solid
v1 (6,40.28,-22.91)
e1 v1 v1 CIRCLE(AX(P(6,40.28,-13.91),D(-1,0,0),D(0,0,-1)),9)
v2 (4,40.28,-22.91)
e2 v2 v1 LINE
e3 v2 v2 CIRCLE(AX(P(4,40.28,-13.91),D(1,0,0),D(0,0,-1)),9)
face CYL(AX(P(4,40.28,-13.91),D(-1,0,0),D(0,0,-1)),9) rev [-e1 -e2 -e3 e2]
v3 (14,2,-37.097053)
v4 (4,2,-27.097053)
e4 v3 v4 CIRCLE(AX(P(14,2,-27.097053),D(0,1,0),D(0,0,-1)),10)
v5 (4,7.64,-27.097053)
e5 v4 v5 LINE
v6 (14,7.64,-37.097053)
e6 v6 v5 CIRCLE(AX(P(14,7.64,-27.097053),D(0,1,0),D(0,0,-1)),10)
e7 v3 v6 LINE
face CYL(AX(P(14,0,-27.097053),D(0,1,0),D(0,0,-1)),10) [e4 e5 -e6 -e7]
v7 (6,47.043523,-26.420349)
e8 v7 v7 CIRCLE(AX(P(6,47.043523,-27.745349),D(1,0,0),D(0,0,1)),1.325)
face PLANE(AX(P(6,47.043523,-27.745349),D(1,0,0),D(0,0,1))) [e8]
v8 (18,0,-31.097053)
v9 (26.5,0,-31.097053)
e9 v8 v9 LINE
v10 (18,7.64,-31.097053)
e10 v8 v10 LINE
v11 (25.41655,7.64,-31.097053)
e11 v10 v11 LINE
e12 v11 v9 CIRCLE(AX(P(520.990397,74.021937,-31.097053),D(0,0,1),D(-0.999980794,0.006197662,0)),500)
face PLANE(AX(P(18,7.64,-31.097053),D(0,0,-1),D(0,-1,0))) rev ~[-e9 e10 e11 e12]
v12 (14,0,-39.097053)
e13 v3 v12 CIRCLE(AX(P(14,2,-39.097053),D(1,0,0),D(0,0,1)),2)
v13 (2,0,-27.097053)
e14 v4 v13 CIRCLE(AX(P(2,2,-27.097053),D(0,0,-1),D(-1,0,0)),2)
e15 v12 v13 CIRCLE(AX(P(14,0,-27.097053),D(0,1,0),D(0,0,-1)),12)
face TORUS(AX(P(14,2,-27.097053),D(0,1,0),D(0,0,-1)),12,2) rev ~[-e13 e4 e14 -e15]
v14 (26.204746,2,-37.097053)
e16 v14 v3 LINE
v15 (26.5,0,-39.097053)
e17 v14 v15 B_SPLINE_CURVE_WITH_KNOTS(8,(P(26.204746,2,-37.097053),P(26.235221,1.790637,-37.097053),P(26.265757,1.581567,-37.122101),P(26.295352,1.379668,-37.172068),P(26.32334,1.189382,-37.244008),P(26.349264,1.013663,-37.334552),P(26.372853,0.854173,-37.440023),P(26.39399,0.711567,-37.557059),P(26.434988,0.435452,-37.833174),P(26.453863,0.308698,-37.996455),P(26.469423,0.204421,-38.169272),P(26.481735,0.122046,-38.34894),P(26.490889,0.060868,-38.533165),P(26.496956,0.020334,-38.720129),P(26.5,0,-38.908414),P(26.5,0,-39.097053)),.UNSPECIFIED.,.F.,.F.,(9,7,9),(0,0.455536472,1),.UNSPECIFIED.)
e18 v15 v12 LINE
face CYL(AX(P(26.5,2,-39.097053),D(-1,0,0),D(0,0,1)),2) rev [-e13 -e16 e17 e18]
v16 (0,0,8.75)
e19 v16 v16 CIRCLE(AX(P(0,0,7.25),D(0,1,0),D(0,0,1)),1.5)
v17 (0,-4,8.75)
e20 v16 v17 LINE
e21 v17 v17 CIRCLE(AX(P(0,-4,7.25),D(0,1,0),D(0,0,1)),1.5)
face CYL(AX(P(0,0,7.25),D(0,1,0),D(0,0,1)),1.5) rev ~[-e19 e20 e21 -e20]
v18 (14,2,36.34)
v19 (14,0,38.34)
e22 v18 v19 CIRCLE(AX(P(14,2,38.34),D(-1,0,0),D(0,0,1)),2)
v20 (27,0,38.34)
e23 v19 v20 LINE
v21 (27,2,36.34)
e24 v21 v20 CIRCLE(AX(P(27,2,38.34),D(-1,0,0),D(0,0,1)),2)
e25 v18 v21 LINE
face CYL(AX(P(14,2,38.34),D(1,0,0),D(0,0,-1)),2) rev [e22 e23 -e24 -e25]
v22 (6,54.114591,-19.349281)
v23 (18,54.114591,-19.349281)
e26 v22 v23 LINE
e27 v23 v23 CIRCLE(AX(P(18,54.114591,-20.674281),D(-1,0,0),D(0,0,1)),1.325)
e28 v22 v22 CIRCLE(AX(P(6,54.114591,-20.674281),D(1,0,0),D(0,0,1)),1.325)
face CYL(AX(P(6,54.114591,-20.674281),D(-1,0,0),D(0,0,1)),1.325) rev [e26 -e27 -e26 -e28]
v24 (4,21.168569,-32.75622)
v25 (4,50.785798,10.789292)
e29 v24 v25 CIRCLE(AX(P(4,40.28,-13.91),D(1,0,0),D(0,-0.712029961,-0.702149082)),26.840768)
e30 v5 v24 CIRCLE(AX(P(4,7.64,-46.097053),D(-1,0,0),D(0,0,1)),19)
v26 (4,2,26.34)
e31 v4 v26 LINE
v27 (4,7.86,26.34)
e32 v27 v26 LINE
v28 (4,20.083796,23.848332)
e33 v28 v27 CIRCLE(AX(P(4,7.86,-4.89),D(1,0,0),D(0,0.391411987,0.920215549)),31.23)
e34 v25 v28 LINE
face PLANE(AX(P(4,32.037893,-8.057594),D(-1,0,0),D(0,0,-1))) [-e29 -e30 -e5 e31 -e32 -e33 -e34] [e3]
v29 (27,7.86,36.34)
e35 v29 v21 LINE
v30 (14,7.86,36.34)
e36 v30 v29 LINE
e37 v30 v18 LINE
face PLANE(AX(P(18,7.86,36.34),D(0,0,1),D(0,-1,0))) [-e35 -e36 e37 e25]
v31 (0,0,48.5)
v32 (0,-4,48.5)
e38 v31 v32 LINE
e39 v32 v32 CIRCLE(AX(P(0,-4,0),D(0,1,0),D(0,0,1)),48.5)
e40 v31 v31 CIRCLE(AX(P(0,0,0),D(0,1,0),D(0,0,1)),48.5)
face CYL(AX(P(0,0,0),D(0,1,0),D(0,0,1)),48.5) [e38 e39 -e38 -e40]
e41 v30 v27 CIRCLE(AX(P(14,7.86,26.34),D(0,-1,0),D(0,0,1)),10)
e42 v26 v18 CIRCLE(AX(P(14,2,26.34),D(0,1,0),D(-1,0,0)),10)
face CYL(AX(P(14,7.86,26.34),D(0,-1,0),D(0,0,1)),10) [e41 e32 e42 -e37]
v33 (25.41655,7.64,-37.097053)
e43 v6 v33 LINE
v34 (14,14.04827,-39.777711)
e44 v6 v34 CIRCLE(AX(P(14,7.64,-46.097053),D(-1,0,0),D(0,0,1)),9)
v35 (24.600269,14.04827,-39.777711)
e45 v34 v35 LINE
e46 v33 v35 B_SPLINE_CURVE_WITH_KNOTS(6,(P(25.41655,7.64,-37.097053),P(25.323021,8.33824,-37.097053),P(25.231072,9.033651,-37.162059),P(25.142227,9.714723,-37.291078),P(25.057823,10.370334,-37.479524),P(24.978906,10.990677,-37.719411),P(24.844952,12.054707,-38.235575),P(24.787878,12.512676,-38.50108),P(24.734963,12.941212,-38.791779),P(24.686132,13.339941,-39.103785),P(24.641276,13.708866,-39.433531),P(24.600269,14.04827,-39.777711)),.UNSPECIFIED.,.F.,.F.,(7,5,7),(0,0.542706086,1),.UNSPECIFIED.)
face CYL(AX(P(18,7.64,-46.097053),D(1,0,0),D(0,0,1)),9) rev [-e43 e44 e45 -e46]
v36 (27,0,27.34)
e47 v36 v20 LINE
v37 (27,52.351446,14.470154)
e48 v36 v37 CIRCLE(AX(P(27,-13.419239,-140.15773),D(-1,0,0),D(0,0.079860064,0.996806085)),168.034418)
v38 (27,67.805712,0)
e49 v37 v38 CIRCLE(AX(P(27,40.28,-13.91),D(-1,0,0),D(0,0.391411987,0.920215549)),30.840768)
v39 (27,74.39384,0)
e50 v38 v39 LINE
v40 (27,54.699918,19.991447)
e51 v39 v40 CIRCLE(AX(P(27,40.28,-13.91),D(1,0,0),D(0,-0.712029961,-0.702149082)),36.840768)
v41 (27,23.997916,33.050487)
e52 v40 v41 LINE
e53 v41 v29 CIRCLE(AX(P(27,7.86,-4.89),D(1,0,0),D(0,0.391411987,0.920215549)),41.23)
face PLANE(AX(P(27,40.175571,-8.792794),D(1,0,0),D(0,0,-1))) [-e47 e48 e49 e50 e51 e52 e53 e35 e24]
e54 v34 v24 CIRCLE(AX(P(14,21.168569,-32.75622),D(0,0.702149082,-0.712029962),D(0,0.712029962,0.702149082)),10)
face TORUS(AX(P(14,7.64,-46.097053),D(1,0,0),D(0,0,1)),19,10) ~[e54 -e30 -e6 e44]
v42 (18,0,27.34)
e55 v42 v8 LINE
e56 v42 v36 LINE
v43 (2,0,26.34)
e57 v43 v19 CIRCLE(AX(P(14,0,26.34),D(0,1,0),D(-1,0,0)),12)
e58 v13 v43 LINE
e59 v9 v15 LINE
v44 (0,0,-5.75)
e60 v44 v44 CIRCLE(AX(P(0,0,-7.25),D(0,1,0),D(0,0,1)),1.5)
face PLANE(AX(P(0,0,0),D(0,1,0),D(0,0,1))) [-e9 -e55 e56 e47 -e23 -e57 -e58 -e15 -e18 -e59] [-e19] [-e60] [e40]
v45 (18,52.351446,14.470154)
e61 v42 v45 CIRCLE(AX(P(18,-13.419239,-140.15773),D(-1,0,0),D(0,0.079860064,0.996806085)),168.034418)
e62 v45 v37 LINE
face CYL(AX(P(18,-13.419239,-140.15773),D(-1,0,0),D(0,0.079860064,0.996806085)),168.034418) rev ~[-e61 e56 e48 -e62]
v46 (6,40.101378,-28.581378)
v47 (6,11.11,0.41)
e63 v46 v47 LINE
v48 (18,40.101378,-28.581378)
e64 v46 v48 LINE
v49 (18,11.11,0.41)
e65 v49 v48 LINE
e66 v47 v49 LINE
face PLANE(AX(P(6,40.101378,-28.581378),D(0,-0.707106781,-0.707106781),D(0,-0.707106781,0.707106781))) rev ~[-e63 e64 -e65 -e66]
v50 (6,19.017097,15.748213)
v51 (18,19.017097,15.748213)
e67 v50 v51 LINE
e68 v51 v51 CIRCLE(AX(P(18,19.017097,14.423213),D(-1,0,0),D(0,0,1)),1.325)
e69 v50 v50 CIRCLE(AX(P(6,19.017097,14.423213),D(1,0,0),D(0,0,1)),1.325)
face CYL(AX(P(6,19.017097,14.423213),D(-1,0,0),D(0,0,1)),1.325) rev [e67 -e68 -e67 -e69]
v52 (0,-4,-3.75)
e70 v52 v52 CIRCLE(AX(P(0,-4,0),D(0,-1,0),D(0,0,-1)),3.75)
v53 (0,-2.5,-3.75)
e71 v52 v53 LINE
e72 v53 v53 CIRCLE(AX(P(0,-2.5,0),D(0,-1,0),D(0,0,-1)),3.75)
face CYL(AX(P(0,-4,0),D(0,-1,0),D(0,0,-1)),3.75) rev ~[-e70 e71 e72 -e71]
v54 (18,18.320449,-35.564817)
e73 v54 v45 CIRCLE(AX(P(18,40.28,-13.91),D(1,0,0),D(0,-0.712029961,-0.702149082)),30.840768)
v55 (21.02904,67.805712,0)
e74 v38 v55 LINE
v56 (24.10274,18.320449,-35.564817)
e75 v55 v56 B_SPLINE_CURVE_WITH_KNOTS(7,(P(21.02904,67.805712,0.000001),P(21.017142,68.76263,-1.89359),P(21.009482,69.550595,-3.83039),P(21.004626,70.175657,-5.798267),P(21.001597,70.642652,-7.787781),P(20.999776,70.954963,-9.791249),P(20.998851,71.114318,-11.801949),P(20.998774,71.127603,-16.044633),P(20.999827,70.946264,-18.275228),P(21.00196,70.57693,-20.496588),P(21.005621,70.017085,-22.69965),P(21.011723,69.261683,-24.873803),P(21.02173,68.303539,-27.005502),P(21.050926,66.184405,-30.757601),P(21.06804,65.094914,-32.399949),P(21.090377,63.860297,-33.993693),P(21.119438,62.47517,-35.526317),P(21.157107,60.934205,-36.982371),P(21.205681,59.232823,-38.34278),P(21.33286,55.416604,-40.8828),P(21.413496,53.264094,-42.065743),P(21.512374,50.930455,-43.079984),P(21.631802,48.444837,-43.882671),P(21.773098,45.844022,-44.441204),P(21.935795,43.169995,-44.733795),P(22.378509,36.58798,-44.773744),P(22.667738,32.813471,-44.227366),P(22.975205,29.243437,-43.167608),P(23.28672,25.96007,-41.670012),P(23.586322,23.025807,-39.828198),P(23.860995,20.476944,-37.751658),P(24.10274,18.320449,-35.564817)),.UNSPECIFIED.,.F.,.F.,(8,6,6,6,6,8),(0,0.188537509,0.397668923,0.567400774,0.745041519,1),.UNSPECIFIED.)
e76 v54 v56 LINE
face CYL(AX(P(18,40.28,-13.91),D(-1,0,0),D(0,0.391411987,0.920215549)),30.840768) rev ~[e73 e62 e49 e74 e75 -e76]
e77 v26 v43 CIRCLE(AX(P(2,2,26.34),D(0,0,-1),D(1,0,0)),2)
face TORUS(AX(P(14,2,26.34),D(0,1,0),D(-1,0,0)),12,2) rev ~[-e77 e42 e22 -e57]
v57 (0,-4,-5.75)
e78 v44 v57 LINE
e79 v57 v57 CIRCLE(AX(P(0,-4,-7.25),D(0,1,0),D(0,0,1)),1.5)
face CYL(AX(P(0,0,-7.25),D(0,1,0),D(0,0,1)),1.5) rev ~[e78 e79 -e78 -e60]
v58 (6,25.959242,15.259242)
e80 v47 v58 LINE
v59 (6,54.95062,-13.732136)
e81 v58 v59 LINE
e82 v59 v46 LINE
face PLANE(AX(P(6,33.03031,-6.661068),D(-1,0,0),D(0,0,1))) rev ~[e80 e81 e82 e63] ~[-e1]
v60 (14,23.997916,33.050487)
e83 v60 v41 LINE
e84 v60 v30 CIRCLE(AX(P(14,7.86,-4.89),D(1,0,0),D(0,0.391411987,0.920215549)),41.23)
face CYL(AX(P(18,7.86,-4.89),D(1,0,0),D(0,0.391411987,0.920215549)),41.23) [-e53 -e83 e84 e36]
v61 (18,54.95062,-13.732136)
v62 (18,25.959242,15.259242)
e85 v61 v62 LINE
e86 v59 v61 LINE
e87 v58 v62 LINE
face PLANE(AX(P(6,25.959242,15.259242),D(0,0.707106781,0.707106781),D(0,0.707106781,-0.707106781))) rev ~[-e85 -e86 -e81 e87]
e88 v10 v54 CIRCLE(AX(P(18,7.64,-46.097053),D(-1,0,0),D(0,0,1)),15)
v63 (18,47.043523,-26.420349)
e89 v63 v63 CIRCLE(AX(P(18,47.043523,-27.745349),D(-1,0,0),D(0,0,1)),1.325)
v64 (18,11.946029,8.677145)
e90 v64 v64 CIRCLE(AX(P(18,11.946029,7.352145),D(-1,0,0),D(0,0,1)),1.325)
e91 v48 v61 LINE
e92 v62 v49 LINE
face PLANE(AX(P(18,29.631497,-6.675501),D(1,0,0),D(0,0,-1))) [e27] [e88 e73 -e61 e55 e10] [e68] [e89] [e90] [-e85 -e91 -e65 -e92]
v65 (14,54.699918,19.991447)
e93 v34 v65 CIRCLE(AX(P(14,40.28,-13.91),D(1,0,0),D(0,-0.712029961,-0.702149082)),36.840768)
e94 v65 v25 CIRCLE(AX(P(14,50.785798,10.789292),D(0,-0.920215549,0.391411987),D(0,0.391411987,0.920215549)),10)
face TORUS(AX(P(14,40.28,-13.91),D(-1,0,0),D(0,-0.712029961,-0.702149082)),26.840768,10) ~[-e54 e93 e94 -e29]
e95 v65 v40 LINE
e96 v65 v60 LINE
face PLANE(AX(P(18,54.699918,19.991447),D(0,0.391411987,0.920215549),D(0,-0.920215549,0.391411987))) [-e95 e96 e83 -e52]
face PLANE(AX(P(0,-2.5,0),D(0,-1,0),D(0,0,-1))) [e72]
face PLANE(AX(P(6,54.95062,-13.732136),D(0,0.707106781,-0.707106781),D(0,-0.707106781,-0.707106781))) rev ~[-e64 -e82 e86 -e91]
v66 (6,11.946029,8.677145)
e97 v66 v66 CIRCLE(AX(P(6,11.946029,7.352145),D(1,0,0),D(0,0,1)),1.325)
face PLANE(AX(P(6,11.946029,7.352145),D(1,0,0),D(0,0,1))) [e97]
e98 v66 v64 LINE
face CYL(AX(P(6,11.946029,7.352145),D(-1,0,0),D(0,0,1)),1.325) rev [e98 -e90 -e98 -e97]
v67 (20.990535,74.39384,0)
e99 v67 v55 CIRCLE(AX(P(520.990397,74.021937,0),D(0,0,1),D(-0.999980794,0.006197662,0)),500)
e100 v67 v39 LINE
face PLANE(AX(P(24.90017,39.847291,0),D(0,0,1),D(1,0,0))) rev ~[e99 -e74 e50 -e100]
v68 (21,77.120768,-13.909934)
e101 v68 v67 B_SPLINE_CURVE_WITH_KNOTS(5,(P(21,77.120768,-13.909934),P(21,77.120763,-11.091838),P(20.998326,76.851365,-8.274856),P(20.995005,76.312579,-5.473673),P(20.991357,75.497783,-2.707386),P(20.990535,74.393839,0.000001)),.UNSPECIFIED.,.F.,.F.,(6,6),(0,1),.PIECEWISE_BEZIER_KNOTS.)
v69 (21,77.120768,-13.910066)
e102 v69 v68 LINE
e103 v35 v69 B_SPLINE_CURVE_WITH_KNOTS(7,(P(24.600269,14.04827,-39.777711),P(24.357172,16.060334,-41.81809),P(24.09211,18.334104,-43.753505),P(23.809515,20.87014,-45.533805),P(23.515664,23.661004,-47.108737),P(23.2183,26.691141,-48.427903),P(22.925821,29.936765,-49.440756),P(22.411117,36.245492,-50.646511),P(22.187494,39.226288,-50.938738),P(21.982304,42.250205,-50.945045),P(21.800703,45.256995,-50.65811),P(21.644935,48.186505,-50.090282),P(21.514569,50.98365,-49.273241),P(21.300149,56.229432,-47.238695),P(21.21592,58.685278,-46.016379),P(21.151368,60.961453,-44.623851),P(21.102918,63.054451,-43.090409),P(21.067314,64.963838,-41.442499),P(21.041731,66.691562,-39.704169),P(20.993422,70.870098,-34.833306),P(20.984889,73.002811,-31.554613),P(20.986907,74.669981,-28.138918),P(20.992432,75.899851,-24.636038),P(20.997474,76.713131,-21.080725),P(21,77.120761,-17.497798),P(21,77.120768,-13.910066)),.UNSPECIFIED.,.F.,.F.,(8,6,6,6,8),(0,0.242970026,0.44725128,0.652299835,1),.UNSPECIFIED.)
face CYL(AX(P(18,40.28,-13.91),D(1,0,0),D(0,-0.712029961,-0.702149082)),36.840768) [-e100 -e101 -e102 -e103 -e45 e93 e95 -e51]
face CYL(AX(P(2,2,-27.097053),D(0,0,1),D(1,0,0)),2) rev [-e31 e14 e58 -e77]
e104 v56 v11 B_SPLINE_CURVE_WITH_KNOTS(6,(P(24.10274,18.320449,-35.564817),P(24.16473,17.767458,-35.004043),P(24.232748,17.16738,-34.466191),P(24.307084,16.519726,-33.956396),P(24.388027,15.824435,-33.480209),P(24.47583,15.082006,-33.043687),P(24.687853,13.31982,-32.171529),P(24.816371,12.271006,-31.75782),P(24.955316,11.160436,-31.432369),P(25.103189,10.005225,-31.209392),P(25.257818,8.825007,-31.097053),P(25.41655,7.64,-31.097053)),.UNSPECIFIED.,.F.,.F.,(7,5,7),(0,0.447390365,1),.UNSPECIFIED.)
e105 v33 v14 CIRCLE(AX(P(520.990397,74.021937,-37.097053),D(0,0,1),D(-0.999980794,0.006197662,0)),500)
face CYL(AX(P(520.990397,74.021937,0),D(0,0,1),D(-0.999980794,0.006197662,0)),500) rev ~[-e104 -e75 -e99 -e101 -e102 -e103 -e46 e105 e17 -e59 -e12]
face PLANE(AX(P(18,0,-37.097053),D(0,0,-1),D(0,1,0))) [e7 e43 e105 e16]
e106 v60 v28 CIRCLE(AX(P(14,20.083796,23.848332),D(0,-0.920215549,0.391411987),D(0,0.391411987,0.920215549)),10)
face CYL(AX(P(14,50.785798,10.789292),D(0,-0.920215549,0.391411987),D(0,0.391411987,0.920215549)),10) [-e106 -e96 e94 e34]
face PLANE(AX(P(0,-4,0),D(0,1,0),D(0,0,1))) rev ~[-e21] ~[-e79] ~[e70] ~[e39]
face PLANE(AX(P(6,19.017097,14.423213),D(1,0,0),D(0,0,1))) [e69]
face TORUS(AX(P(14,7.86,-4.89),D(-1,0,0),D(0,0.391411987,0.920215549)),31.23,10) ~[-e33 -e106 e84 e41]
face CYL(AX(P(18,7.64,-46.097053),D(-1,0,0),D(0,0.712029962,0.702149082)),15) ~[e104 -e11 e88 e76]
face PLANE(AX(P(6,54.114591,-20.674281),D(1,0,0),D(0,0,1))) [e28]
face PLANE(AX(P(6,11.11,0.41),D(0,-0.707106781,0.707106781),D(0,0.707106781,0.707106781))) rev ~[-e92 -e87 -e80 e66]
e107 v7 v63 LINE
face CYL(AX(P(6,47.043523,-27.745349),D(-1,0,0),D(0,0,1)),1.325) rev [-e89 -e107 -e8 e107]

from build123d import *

# Parameters (mm, degrees)
SKETCH2_R                       = 48.5
SKETCH2_R_2                     = 1.5
BOSS_EXTRUDE1_DEPTH             = 4
SKETCH3_R                       = 3.75
CUT_EXTRUDE1_DEPTH              = 1.5
BOSS_EXTRUDE2_START             = 4
SKETCH4_R                       = 9
BOSS_EXTRUDE2_DEPTH             = 14
CUT_EXTRUDE2_START              = 6
SKETCH6_R                       = 1.325
CUT_EXTRUDE2_DEPTH              = 93.806192047
BOSS_EXTRUDE3_DEPTH             = 9
BOSS_EXTRUDE3_DIRECTION_2_REACH = 110.778
CUT_EXTRUDE3_DEPTH              = 105.285680763
FILLET1_R                       = 10
FILLET2_R                       = 2


with BuildPart() as part:
    # Sketch2 → Boss-Extrude1 (new body)
    with BuildSketch(Plane(origin=(0, 0, 0), x_dir=(1, 0, 0), z_dir=(0, 1, 0))):
        with Locations(Location((0, 0, 0), (0, 0, 270))):
            Circle(SKETCH2_R)
        with Locations(Location((0, 7.25, 0), (0, 0, 270))):
            Circle(SKETCH2_R_2, mode=Mode.SUBTRACT)
        with Locations(Location((0, -7.25, 0), (0, 0, 270))):
            Circle(SKETCH2_R_2, mode=Mode.SUBTRACT)
    extrude(amount=-BOSS_EXTRUDE1_DEPTH)

    # Sketch3 → Cut-Extrude1 (cut)
    with BuildSketch(Plane(origin=(0, -4, 0), x_dir=(-1, 0, 0), z_dir=(0, -1, 0))):
        with Locations(Location((0, 0, 0), (0, 0, 90))):
            Circle(SKETCH3_R)
    extrude(amount=-CUT_EXTRUDE1_DEPTH, mode=Mode.SUBTRACT)

    # Sketch4 → Boss-Extrude2 (add)
    with BuildSketch(Plane(origin=(0, 0, 0), x_dir=(0, 0, -1), z_dir=(1, 0, 0)).offset(BOSS_EXTRUDE2_START)):
        with BuildLine():
            Line((-14.470153899, 52.351446146), (-27.529193782, 21.649444314))
            ThreePointArc((-27.529193782, 21.649444314), (-29.630146994, 14.89650137), (-30.34, 7.86))
            Line((-30.34, 7.86), (-30.34, 0))
            Line((-30.34, 0), (31.097052925, 0))
            Line((31.097052925, 0), (31.097052925, 7.64))
            ThreePointArc((31.097052925, 7.64), (32.258997722, 13.428629218), (35.564816687, 18.320449421))
            ThreePointArc((35.564816687, 18.320449421), (31.254587763, 65.781337665), (-14.470153899, 52.351446146))
        make_face()
        with Locations((13.91, 40.28)):
            Circle(SKETCH4_R, mode=Mode.SUBTRACT)
    extrude(amount=BOSS_EXTRUDE2_DEPTH)

    # Sketch6 → Cut-Extrude2 (cut, through all)
    with BuildSketch(Plane(origin=(0, 0, 0), x_dir=(0, 0, -1), z_dir=(1, 0, 0)).offset(CUT_EXTRUDE2_START)):
        with Locations(Location((20.674280786, 54.114591003, 0), (0, 0, 180))):
            Circle(SKETCH6_R)
        with Locations(Location((27.745348598, 47.043523191, 0), (0, 0, 180))):
            Circle(SKETCH6_R)
        with Locations(Location((-7.352145163, 11.94602943, 0), (0, 0, 180))):
            Circle(SKETCH6_R)
        with Locations(Location((-14.423212974, 19.017097242, 0), (0, 0, 180))):
            Circle(SKETCH6_R)
        Polygon((-0.41, 11.11), (-15.259242405, 25.959242405), (13.732135624, 54.950620434), (28.581378029, 40.101378029), align=None)
    extrude(amount=CUT_EXTRUDE2_DEPTH, mode=Mode.SUBTRACT)

    # Sketch8 → Boss-Extrude3 (add)
    with BuildSketch(Plane(origin=(18, 0, 0), x_dir=(0, 0, -1), z_dir=(1, 0, 0))):
        with BuildLine():
            Line((37.097052925, 0), (37.097052925, 7.64))
            ThreePointArc((37.097052925, 7.64), (37.794219803, 11.113177531), (39.777711182, 14.048269653))
            ThreePointArc((39.777711182, 14.048269653), (34.628937191, 70.742563919), (-19.991447191, 54.69991807))
            Line((-19.991447191, 54.69991807), (-33.050487075, 23.997916239))
            ThreePointArc((-33.050487075, 23.997916239), (-35.509252358, 16.094883664), (-36.34, 7.86))
            Line((-36.34, 7.86), (-36.34, 0))
            Line((-36.34, 0), (-27.34, 0))
            ThreePointArc((-27.34, 0), (-23.018237165, 26.695212958), (-14.470153899, 52.351446146))
            ThreePointArc((-14.470153899, 52.351446146), (31.254587763, 65.781337665), (35.564816687, 18.320449421))
            ThreePointArc((35.564816687, 18.320449421), (32.258997722, 13.428629218), (31.097052925, 7.64))
            Line((31.097052925, 7.64), (31.097052925, 0))
            Line((31.097052925, 0), (37.097052925, 0))
        make_face()
    extrude(amount=BOSS_EXTRUDE3_DEPTH)

    # Boss-Extrude3 direction 2: up to this face of the body (flat: up to its plane)
    boss_extrude3_direction_2_end = Plane(part.part.faces().sort_by_distance((4, 32.037892767, -8.057594293))[0])
    # Sketch8 → Boss-Extrude3 direction 2 (add, up to the picked face)
    with BuildSketch(Plane(origin=(18, 0, 0), x_dir=(0, 0, -1), z_dir=(1, 0, 0)), mode=Mode.PRIVATE) as boss_extrude3_direction_2_sk1:
        with BuildLine():
            Line((37.097052925, 0), (37.097052925, 7.64))
            ThreePointArc((37.097052925, 7.64), (37.794219803, 11.113177531), (39.777711182, 14.048269653))
            ThreePointArc((39.777711182, 14.048269653), (34.628937191, 70.742563919), (-19.991447191, 54.69991807))
            Line((-19.991447191, 54.69991807), (-33.050487075, 23.997916239))
            ThreePointArc((-33.050487075, 23.997916239), (-35.509252358, 16.094883664), (-36.34, 7.86))
            Line((-36.34, 7.86), (-36.34, 0))
            Line((-36.34, 0), (-27.34, 0))
            ThreePointArc((-27.34, 0), (-23.018237165, 26.695212958), (-14.470153899, 52.351446146))
            ThreePointArc((-14.470153899, 52.351446146), (31.254587763, 65.781337665), (35.564816687, 18.320449421))
            ThreePointArc((35.564816687, 18.320449421), (32.258997722, 13.428629218), (31.097052925, 7.64))
            Line((31.097052925, 7.64), (31.097052925, 0))
            Line((31.097052925, 0), (37.097052925, 0))
        make_face()
    boss_extrude3_direction_2_tool1 = split(extrude(boss_extrude3_direction_2_sk1.sketch, amount=-BOSS_EXTRUDE3_DIRECTION_2_REACH, mode=Mode.PRIVATE), bisect_by=boss_extrude3_direction_2_end, keep=Keep.BOTH, mode=Mode.PRIVATE)
    add(boss_extrude3_direction_2_tool1.solids().sort_by(Axis((18, 66.743228, -31.908812), (-1, 0, 0)))[0])

    # Sketch9 → Cut-Extrude3 (cut, through all)
    with BuildSketch(Plane.XY):
        with BuildLine():
            Line((27, 77.12076762), (21, 77.12076762))
            ThreePointArc((21, 77.12076762), (22.257085893, 38.453914076), (26.5, 0))
            Line((26.5, 0), (27, 0))
            Line((27, 0), (27, 77.12076762))
        make_face()
    extrude(amount=-CUT_EXTRUDE3_DEPTH, mode=Mode.SUBTRACT)

    # Fillet1
    fillet1_edges = [part.edges().sort_by_distance(p)[0] for p in [
        (4, 3.82, -37.097052925),
        (4, 11.113177531, -37.794219803),
        (4, 70.742563919, -34.628937191),
        (4, 39.348917154, 26.520967133),
        (4, 16.094883664, 35.509252358),
        (4, 3.93, 36.34),
    ]]
    fillet(fillet1_edges, radius=FILLET1_R)

    # Fillet2
    fillet2_edges = [part.edges().sort_by_distance(p)[0] for p in [
        (20.25, 0, -37.097052925),
        (4, 0, -0.378526462),
        (20.5, 0, 36.34),
        (6.928932188, 0, -34.168120736),
        (6.928932188, 0, 33.411067812),
    ]]
    fillet(fillet2_edges, radius=FILLET2_R)


solid = part.part
